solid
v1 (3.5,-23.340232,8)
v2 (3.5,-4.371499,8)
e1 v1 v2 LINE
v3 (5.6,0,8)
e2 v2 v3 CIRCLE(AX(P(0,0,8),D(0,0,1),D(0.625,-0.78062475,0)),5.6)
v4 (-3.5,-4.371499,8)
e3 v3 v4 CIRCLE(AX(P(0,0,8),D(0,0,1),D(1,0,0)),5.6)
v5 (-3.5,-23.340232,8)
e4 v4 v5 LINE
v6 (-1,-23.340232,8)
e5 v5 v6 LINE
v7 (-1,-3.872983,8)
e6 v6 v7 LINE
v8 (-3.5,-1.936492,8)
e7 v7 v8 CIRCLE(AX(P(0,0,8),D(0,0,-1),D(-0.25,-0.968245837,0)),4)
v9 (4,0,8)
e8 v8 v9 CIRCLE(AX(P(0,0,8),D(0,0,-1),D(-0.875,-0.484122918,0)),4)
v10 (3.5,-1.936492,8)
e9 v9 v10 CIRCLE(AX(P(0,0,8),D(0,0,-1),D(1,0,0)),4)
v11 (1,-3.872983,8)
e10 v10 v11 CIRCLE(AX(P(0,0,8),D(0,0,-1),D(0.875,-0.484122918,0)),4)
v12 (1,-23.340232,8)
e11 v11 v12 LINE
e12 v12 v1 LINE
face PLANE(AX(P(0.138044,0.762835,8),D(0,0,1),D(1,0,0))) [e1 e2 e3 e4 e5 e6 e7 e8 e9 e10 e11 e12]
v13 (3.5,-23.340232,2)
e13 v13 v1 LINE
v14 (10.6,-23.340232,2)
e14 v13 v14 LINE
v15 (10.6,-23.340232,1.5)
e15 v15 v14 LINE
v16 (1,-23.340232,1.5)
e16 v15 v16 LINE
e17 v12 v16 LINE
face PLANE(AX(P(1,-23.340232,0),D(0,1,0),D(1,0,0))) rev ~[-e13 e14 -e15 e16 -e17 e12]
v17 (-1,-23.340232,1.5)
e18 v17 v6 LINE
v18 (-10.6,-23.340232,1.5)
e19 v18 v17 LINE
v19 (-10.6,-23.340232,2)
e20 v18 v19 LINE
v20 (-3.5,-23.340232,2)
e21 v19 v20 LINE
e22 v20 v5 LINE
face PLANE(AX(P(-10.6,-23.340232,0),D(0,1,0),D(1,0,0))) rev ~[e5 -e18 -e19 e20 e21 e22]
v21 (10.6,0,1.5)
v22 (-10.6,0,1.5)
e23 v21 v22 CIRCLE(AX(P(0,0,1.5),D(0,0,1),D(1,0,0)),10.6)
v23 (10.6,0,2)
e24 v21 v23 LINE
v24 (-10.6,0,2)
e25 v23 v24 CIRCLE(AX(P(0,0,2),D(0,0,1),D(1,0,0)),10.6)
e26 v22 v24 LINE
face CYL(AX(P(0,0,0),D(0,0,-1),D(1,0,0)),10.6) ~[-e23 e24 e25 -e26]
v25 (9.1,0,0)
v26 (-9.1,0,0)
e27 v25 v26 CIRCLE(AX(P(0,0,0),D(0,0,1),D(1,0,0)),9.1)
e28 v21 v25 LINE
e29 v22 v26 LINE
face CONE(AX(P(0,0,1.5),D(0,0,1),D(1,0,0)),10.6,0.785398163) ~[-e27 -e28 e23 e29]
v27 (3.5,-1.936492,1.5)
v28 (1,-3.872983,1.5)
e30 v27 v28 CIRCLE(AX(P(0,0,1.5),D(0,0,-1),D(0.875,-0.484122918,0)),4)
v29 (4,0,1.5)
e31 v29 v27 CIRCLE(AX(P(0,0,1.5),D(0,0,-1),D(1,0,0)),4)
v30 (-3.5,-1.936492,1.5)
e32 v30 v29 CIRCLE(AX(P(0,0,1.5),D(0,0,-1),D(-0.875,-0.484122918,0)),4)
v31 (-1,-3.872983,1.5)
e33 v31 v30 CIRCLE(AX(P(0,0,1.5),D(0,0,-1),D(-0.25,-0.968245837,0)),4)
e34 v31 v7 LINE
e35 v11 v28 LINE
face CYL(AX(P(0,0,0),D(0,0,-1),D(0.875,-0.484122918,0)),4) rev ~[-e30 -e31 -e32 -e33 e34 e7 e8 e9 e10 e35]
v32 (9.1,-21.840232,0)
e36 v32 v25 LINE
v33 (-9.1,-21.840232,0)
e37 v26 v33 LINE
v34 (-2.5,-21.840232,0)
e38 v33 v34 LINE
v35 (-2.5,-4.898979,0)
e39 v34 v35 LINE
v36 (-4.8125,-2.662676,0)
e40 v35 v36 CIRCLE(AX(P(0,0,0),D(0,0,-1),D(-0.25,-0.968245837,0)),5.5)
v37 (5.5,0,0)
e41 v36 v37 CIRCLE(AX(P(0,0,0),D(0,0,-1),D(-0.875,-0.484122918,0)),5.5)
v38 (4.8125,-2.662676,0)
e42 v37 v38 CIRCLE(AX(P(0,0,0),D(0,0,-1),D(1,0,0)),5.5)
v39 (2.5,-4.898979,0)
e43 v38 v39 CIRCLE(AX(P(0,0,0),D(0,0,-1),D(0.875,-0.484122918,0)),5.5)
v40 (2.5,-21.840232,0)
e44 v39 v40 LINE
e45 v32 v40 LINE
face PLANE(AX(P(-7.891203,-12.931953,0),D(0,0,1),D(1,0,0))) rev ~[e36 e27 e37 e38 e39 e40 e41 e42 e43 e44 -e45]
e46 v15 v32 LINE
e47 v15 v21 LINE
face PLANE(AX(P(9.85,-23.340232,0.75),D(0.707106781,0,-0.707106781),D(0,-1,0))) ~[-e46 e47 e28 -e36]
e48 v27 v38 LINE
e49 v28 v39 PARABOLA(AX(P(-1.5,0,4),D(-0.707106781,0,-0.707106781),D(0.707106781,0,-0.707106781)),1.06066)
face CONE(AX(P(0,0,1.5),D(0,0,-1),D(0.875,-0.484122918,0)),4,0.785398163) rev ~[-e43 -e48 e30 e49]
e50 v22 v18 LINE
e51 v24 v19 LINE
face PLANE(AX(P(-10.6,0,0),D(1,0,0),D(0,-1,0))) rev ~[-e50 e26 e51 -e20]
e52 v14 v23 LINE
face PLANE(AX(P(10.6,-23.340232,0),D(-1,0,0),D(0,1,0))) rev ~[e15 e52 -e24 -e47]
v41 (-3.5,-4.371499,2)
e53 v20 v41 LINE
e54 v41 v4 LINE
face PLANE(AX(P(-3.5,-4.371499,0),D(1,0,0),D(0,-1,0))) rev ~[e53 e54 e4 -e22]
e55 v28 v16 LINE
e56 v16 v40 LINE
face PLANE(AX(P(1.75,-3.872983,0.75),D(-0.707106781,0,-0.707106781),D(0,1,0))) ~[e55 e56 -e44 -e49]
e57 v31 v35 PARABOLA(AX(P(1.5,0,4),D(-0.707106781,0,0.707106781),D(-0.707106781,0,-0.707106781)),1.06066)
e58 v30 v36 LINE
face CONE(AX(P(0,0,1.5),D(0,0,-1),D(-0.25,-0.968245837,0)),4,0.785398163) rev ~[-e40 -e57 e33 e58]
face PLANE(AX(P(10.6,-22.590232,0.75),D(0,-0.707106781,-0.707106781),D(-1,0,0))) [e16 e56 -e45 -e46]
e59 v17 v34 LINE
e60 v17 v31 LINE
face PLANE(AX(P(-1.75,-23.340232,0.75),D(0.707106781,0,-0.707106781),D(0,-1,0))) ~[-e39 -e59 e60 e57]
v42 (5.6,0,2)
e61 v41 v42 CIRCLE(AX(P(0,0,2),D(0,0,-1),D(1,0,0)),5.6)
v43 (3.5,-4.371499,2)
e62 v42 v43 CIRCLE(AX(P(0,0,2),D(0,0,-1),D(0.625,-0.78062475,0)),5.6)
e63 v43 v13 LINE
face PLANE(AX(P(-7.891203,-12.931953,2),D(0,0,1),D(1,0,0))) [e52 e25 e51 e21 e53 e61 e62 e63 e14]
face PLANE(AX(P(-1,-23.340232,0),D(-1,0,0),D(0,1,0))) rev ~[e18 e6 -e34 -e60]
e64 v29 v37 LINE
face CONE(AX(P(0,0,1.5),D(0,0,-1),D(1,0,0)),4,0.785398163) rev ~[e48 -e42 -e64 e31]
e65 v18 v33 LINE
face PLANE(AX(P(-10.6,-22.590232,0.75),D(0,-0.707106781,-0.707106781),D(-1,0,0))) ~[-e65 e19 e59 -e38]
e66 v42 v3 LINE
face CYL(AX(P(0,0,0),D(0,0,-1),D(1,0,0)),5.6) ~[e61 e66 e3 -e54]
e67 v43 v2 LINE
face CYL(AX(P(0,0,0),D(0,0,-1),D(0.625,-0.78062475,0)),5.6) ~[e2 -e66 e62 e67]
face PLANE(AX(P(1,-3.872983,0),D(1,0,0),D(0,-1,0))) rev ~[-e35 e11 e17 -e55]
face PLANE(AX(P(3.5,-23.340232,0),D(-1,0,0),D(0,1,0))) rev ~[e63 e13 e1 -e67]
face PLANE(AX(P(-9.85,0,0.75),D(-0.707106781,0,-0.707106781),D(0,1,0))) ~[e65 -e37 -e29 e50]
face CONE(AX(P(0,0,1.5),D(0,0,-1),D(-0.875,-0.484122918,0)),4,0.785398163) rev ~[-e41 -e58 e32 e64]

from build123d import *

# Parameters (mm, degrees)
F1_DEPTH = 2
F2_DEPTH = 8
F3_SIZE  = 1.5


with BuildPart() as f1:
    # F0 (on Top) → F1 (new body)
    with BuildSketch(Plane.XY):
        with BuildLine():
            Line((-3.5, -23.3402318112), (-3.5, -10.0054984883))
            ThreePointArc((-3.5, -10.0054984883), (-8.6446515257, -6.1343296292), (-10.6, 0))
            Line((-10.6, 0), (-10.6, -23.3402318112))
            Line((-10.6, -23.3402318112), (-3.5, -23.3402318112))
        make_face()
        with BuildLine():
            ThreePointArc((10.6, 0), (8.6446515257, -6.1343296292), (3.5, -10.0054984883))
            Line((3.5, -10.0054984883), (3.5, -23.3402318112))
            Line((3.5, -23.3402318112), (10.6, -23.3402318112))
            Line((10.6, -23.3402318112), (10.6, 0))
        make_face()
        with BuildLine():
            Line((3.5, -23.3402318112), (3.5, -10.0054984883))
            ThreePointArc((3.5, -10.0054984883), (2.2665754234, -10.3548363507), (1, -10.5527247666))
            Line((1, -10.5527247666), (1, -23.3402318112))
            Line((1, -23.3402318112), (3.5, -23.3402318112))
        make_face()
        with BuildLine():
            ThreePointArc((-1, -10.5527247666), (-2.2665754234, -10.3548363507), (-3.5, -10.0054984883))
            Line((-3.5, -10.0054984883), (-3.5, -23.3402318112))
            Line((-3.5, -23.3402318112), (-1, -23.3402318112))
            Line((-1, -23.3402318112), (-1, -10.5527247666))
        make_face()
        with BuildLine():
            ThreePointArc((-1, -5.5099909256), (-2.3208923272, -5.0964162708), (-3.5, -4.3714985989))
            Line((-3.5, -4.3714985989), (-3.5, -10.0054984883))
            ThreePointArc((-3.5, -10.0054984883), (-2.2665754234, -10.3548363507), (-1, -10.5527247666))
            Line((-1, -10.5527247666), (-1, -5.5099909256))
        make_face()
        with BuildLine():
            Line((-3.5, -10.0054984883), (-3.5, -4.3714985989))
            ThreePointArc((-3.5, -4.3714985989), (-2.4248711306, 5.0477717856), (5.6, 0))
            ThreePointArc((5.6, 0), (5.0477717856, -2.4248711306), (3.5, -4.3714985989))
            Line((3.5, -4.3714985989), (3.5, -10.0054984883))
            ThreePointArc((3.5, -10.0054984883), (8.6446515257, -6.1343296292), (10.6, 0))
            ThreePointArc((10.6, 0), (0, 10.6), (-10.6, 0))
            ThreePointArc((-10.6, 0), (-8.6446515257, -6.1343296292), (-3.5, -10.0054984883))
        make_face()
        with BuildLine():
            ThreePointArc((-3.5, -1.9364916731), (-1, 3.8729833462), (4, 0))
            ThreePointArc((4, 0), (3.8729833462, -1), (3.5, -1.9364916731))
            Line((3.5, -1.9364916731), (3.5, -4.3714985989))
            ThreePointArc((3.5, -4.3714985989), (5.0477717856, -2.4248711306), (5.6, 0))
            ThreePointArc((5.6, 0), (-2.4248711306, 5.0477717856), (-3.5, -4.3714985989))
            Line((-3.5, -4.3714985989), (-3.5, -1.9364916731))
        make_face()
        with BuildLine():
            Line((3.5, -10.0054984883), (3.5, -4.3714985989))
            ThreePointArc((3.5, -4.3714985989), (2.3208923272, -5.0964162708), (1, -5.5099909256))
            Line((1, -5.5099909256), (1, -10.5527247666))
            ThreePointArc((1, -10.5527247666), (2.2665754234, -10.3548363507), (3.5, -10.0054984883))
        make_face()
        with BuildLine():
            Line((3.5, -4.3714985989), (3.5, -1.9364916731))
            ThreePointArc((3.5, -1.9364916731), (2.4494897428, -3.1622776602), (1, -3.8729833462))
            Line((1, -3.8729833462), (1, -5.5099909256))
            ThreePointArc((1, -5.5099909256), (2.3208923272, -5.0964162708), (3.5, -4.3714985989))
        make_face()
        with BuildLine():
            ThreePointArc((-1, -3.8729833462), (-2.4494897428, -3.1622776602), (-3.5, -1.9364916731))
            Line((-3.5, -1.9364916731), (-3.5, -4.3714985989))
            ThreePointArc((-3.5, -4.3714985989), (-2.3208923272, -5.0964162708), (-1, -5.5099909256))
            Line((-1, -5.5099909256), (-1, -3.8729833462))
        make_face()
    extrude(amount=F1_DEPTH)

    # F0 (on Top) → F2 (join)
    with BuildSketch(Plane.XY):
        with BuildLine():
            ThreePointArc((-3.5, -1.9364916731), (-1, 3.8729833462), (4, 0))
            ThreePointArc((4, 0), (3.8729833462, -1), (3.5, -1.9364916731))
            Line((3.5, -1.9364916731), (3.5, -4.3714985989))
            ThreePointArc((3.5, -4.3714985989), (5.0477717856, -2.4248711306), (5.6, 0))
            ThreePointArc((5.6, 0), (-2.4248711306, 5.0477717856), (-3.5, -4.3714985989))
            Line((-3.5, -4.3714985989), (-3.5, -1.9364916731))
        make_face()
        with BuildLine():
            ThreePointArc((-1, -5.5099909256), (-2.3208923272, -5.0964162708), (-3.5, -4.3714985989))
            Line((-3.5, -4.3714985989), (-3.5, -10.0054984883))
            ThreePointArc((-3.5, -10.0054984883), (-2.2665754234, -10.3548363507), (-1, -10.5527247666))
            Line((-1, -10.5527247666), (-1, -5.5099909256))
        make_face()
        with BuildLine():
            ThreePointArc((-1, -10.5527247666), (-2.2665754234, -10.3548363507), (-3.5, -10.0054984883))
            Line((-3.5, -10.0054984883), (-3.5, -23.3402318112))
            Line((-3.5, -23.3402318112), (-1, -23.3402318112))
            Line((-1, -23.3402318112), (-1, -10.5527247666))
        make_face()
        with BuildLine():
            Line((3.5, -23.3402318112), (3.5, -10.0054984883))
            ThreePointArc((3.5, -10.0054984883), (2.2665754234, -10.3548363507), (1, -10.5527247666))
            Line((1, -10.5527247666), (1, -23.3402318112))
            Line((1, -23.3402318112), (3.5, -23.3402318112))
        make_face()
        with BuildLine():
            Line((3.5, -10.0054984883), (3.5, -4.3714985989))
            ThreePointArc((3.5, -4.3714985989), (2.3208923272, -5.0964162708), (1, -5.5099909256))
            Line((1, -5.5099909256), (1, -10.5527247666))
            ThreePointArc((1, -10.5527247666), (2.2665754234, -10.3548363507), (3.5, -10.0054984883))
        make_face()
        with BuildLine():
            Line((3.5, -4.3714985989), (3.5, -1.9364916731))
            ThreePointArc((3.5, -1.9364916731), (2.4494897428, -3.1622776602), (1, -3.8729833462))
            Line((1, -3.8729833462), (1, -5.5099909256))
            ThreePointArc((1, -5.5099909256), (2.3208923272, -5.0964162708), (3.5, -4.3714985989))
        make_face()
        with BuildLine():
            ThreePointArc((-1, -3.8729833462), (-2.4494897428, -3.1622776602), (-3.5, -1.9364916731))
            Line((-3.5, -1.9364916731), (-3.5, -4.3714985989))
            ThreePointArc((-3.5, -4.3714985989), (-2.3208923272, -5.0964162708), (-1, -5.5099909256))
            Line((-1, -5.5099909256), (-1, -3.8729833462))
        make_face()
    extrude(amount=F2_DEPTH)

    # F3
    f3_edges = [f1.edges().sort_by_distance(p)[0] for p in [
        (0, 10.6, 0),
        (-10.6, -11.670116, 0),
        (-5.8, -23.340232, 0),
        (-1, -13.606608, 0),
        (0, 4, 0),
        (1, -13.606608, 0),
        (5.8, -23.340232, 0),
        (10.6, -11.670116, 0),
    ]]
    chamfer(f3_edges, length=F3_SIZE)


solid = f1.part
